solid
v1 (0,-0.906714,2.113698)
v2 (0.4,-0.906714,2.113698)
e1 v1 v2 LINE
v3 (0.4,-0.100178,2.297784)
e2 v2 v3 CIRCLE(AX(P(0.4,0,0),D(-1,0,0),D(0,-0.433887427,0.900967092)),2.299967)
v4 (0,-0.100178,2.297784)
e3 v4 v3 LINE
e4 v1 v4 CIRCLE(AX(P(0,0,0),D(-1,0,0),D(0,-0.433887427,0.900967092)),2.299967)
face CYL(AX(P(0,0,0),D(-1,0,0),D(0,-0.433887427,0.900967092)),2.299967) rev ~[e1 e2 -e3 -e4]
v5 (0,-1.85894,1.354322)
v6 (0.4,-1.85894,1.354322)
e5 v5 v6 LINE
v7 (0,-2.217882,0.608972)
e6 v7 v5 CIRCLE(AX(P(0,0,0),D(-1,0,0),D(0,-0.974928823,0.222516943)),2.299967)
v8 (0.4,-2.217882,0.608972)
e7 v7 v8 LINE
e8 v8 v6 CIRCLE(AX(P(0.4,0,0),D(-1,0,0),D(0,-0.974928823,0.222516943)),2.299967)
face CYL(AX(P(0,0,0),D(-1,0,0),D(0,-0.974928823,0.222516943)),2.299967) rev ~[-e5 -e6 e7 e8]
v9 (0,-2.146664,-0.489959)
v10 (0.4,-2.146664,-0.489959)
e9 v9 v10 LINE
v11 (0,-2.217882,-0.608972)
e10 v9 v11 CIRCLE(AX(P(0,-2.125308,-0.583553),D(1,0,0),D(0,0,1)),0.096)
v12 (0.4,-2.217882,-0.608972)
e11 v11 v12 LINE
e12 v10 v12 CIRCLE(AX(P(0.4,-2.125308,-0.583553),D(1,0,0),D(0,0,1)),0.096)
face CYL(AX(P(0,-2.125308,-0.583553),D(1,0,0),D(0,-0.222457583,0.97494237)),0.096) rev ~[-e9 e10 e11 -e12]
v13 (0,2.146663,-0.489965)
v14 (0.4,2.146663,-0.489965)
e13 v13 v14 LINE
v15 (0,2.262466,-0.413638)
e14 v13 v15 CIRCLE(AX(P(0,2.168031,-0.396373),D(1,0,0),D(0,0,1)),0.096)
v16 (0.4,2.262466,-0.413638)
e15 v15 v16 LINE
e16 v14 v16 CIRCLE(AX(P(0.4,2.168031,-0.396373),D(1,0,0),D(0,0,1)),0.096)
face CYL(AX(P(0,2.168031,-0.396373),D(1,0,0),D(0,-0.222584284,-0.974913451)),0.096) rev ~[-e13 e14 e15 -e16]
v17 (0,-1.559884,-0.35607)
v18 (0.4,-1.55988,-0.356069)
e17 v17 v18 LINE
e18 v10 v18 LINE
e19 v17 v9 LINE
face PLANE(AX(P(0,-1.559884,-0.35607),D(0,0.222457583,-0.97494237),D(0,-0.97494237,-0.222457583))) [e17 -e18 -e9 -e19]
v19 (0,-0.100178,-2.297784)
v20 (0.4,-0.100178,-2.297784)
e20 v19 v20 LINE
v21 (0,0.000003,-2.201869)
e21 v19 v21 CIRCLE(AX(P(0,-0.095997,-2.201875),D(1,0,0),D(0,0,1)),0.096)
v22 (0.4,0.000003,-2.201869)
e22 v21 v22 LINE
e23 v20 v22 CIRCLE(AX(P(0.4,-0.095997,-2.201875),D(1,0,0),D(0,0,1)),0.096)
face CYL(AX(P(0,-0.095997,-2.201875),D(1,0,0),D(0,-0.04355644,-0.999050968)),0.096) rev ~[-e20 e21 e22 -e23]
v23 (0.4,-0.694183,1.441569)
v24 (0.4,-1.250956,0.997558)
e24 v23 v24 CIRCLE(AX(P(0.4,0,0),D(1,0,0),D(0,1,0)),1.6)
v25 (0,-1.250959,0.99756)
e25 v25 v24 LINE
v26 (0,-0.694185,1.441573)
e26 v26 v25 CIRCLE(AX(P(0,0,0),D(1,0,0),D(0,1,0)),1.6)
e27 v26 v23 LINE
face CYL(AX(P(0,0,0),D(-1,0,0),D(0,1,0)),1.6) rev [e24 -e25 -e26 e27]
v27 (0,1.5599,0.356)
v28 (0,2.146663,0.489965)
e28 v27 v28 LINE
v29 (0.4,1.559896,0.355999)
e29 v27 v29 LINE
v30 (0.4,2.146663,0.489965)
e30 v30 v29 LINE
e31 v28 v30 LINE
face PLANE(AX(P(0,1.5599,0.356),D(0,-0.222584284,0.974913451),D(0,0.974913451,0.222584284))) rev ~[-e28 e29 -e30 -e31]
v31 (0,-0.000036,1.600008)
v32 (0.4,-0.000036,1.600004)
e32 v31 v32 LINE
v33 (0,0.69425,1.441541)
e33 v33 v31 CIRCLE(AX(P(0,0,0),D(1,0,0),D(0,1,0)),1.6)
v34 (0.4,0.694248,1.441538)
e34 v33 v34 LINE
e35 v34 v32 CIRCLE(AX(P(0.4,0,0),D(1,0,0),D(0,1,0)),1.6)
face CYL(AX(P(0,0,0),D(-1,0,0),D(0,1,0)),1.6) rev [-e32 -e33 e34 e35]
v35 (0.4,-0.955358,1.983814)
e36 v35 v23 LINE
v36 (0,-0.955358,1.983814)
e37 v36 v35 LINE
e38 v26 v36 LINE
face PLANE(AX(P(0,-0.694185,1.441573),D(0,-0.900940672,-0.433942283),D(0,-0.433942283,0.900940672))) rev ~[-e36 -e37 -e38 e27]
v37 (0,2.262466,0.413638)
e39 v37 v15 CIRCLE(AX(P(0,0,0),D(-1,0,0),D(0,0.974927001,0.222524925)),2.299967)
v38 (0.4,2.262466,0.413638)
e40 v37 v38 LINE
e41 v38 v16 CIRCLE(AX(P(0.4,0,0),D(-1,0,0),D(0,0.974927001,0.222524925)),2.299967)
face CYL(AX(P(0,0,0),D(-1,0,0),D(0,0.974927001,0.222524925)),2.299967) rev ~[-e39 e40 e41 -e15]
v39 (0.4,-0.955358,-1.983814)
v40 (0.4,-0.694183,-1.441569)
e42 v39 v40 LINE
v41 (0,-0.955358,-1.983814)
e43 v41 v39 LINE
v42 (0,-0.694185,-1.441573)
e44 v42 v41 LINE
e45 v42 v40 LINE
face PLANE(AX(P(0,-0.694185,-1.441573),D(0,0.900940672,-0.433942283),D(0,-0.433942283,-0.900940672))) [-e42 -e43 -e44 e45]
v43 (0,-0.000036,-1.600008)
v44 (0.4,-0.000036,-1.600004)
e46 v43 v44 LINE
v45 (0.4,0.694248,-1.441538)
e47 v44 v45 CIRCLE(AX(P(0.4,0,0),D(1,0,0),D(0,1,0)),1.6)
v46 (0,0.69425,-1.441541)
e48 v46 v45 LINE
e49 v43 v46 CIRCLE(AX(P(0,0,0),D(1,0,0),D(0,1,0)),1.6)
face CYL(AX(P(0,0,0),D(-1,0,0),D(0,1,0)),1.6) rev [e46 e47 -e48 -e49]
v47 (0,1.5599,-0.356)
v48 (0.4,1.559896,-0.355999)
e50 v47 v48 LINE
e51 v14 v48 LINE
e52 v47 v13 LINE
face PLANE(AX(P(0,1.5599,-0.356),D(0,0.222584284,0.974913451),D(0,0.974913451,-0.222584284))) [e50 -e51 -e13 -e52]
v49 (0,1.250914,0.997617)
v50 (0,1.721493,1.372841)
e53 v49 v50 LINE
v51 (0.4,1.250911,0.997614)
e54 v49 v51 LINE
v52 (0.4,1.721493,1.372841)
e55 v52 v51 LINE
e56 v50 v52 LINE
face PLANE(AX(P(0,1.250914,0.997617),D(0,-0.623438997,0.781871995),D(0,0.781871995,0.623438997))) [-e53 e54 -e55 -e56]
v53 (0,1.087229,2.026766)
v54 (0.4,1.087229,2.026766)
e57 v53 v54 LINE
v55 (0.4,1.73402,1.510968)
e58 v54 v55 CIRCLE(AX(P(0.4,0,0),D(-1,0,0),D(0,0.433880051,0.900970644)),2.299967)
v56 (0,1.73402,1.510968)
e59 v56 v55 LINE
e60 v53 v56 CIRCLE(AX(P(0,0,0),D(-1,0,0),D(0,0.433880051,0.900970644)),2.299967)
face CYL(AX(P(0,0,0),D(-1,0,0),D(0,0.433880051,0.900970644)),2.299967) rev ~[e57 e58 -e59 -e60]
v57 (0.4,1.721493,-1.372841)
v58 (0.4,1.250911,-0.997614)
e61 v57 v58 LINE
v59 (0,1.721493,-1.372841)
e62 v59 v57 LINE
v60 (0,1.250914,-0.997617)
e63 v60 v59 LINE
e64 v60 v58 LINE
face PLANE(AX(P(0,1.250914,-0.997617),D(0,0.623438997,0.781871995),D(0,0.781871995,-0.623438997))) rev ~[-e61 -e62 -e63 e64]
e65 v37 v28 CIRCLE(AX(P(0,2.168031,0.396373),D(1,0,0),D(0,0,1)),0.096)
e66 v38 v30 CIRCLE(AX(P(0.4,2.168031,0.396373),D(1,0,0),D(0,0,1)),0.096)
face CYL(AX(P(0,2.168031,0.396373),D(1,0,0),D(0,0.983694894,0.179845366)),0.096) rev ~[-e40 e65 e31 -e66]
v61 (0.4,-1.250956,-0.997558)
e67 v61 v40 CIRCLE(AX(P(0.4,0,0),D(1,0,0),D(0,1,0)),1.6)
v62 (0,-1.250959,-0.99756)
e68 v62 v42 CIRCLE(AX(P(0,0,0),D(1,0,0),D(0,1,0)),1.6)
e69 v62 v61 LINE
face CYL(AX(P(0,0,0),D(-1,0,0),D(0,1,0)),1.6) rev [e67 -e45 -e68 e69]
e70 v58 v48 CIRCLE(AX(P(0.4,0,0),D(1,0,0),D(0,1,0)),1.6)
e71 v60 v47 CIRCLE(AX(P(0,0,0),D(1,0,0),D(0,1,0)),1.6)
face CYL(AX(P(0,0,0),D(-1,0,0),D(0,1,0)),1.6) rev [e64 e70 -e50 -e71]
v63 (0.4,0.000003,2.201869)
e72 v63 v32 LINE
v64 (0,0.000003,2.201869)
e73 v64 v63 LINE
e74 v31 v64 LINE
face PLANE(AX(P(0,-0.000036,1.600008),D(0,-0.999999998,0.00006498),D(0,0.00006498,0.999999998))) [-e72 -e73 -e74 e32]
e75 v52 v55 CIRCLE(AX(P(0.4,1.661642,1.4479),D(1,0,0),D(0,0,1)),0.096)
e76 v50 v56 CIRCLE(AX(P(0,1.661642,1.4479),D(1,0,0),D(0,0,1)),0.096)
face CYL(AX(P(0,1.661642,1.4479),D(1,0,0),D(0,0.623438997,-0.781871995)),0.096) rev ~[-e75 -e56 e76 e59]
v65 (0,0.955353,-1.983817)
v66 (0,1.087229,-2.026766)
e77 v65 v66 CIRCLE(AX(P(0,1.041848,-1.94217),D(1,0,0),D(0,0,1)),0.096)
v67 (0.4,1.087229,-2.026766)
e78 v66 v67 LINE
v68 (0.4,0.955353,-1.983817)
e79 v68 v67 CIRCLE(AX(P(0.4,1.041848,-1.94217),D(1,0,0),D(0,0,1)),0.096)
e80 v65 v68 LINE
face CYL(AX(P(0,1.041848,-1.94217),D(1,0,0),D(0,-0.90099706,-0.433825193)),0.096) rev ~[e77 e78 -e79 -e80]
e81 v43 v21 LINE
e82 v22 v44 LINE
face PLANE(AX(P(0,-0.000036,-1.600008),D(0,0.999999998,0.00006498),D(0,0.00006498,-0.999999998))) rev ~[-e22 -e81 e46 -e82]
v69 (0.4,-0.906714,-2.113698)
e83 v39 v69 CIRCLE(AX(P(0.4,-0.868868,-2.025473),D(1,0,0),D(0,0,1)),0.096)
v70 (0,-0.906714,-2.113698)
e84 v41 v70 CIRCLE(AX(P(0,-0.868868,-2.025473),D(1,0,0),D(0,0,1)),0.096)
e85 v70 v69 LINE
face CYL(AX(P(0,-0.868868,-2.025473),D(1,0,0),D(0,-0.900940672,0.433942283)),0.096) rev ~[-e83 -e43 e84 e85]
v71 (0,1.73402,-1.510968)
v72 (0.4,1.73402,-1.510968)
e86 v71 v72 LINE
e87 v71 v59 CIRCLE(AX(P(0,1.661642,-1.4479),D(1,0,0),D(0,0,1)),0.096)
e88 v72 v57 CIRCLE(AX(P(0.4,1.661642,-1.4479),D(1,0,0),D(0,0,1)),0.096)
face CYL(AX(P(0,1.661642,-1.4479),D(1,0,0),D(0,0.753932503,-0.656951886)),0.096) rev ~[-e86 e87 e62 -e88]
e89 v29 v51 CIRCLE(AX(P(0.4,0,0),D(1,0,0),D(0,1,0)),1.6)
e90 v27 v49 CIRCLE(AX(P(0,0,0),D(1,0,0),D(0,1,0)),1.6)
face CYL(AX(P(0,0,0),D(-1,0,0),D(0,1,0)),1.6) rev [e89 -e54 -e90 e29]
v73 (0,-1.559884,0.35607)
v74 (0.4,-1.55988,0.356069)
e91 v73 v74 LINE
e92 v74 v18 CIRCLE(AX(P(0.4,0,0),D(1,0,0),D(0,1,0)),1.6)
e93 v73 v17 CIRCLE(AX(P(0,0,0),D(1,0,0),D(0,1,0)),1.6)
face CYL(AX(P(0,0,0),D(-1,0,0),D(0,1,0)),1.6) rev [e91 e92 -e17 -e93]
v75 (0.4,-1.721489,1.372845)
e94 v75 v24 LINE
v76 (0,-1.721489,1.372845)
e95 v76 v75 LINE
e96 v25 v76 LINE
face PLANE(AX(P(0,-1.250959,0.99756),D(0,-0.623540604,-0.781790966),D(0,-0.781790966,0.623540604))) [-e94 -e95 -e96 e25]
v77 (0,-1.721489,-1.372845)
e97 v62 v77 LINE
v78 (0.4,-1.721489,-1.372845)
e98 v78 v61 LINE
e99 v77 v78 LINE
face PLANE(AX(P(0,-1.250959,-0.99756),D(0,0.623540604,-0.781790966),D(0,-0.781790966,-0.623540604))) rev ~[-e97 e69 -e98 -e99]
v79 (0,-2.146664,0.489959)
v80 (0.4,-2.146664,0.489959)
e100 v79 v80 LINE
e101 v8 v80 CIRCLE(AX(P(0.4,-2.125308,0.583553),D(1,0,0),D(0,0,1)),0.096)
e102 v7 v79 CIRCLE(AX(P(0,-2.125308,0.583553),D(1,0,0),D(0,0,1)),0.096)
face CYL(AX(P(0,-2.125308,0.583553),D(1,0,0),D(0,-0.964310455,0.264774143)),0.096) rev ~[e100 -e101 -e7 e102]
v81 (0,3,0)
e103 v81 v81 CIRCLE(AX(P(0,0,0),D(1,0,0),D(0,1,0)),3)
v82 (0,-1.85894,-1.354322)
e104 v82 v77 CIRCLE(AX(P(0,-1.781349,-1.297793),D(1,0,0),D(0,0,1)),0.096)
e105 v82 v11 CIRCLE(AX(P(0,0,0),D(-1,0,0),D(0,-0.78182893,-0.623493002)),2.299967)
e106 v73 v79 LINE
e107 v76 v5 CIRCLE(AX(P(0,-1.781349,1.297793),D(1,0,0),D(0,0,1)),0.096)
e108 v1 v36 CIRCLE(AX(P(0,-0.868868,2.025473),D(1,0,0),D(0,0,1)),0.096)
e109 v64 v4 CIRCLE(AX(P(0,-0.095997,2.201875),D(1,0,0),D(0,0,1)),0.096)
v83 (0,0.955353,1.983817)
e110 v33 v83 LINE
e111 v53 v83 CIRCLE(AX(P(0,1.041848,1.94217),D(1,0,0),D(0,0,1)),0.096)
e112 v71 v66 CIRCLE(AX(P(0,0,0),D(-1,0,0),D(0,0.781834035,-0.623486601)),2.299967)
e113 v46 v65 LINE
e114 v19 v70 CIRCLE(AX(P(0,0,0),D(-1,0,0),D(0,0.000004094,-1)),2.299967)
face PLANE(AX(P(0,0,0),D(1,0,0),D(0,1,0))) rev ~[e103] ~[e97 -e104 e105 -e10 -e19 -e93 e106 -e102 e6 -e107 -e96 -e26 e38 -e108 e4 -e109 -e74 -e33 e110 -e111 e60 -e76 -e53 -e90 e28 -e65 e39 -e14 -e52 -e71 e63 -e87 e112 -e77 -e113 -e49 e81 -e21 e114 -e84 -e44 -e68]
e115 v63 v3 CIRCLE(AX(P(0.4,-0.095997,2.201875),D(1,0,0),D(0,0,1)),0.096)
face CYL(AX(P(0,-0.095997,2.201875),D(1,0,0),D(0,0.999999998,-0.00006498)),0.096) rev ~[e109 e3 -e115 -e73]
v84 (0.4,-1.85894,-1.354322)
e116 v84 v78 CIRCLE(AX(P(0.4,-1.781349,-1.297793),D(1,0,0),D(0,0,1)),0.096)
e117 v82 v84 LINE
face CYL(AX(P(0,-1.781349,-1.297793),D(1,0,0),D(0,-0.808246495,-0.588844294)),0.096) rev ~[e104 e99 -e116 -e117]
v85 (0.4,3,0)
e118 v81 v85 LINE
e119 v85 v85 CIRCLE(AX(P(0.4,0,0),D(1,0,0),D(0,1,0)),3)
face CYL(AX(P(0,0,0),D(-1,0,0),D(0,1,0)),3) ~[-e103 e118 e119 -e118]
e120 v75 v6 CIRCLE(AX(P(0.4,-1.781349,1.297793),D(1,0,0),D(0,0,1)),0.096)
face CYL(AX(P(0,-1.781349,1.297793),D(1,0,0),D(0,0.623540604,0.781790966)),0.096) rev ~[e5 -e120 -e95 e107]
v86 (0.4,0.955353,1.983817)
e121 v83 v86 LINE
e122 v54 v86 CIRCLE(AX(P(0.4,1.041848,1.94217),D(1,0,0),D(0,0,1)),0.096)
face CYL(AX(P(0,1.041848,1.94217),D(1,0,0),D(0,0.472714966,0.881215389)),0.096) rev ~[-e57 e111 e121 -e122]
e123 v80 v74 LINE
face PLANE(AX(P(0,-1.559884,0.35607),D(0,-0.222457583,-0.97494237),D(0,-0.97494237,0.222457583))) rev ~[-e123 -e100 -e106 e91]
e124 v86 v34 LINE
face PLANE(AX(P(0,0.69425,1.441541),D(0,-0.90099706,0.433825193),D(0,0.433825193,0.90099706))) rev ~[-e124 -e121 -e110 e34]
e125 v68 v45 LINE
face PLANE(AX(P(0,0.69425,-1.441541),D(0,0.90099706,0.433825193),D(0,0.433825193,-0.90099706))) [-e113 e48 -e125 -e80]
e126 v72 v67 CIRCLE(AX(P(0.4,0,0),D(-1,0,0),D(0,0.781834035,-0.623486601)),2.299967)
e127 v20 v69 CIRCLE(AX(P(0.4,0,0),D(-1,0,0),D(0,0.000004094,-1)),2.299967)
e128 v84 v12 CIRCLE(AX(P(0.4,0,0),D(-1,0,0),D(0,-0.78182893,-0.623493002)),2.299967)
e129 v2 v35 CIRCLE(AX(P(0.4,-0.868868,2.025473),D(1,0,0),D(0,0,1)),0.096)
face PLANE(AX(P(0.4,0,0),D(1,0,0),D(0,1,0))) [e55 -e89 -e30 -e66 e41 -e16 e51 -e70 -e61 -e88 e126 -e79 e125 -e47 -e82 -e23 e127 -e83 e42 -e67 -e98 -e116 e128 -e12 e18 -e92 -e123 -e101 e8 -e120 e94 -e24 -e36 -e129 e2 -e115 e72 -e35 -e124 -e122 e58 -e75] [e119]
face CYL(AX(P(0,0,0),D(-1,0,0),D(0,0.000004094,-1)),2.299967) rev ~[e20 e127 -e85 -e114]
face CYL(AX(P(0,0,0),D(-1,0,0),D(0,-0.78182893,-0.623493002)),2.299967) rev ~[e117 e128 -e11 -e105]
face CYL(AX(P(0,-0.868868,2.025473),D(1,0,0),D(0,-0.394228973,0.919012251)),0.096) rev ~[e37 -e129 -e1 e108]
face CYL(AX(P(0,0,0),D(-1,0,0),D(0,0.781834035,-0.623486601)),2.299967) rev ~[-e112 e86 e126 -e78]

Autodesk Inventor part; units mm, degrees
ref_plane "YZ Plane" through (0, 0, 0) normal (1, 0, 0) x (0, 1, 0)
ref_plane "XZ Plane" through (0, 0, 0) normal (0, 1, 0) x (-1, 0, 0)
sketch "Sketch1" plane through (0, 0, 0) normal (1, 0, 0) x (0, 1, 0)
  circle A0 centre (0, 0) radius 3
  circle A1 centre (0, 0) radius 1.6
  dimension "d0" = 3.2
  dimension "d1" = 6
extrude "Body" add sketch "Sketch1" along normal blind 0.4
sketch "Sketch2" plane through (0, 0, 0) normal (-1, 0, 0) x (0, 0, 1)
  circle A0 centre (0, 0) radius 1.6 projected
  arc A1 (0.5118, 2.2423) -> (-0.5118, 2.2423) centre (0, 0) ccw
  line L0 (-0.356, 1.5599) -> (-0.5118, 2.2423)
  line L1 (-0.356, 1.5599) -> (0, 0) construction
  line L2 (0, 2.3) -> (0, 0) construction
  line L3 (0.356, 1.5599) -> (0.5118, 2.2423)
  line L4 (0.356, 1.5599) -> (0, 0) construction
  dimension "d6" = 4.6
  dimension "d7" = 12.857
extrude "Cut" cut sketch "Sketch2" along normal through all both and the other way through all contours A0 L0 A1 L3
fillet "Fillet1" radius 0.096 2 edges at (0.2, 2.2423, 0.5118) (0.2, 2.2423, -0.5118)
pattern_circular "Cuts" count 7 over 360 about axis through (-10, 0, 0) along (1, 0, 0) of "Cut", "Fillet1"
ref_plane "Work Plane1" through (0, 0, 0) normal (0, 1, 0) x (1, 0, 0)
equation "\"d0\" = SD1"
equation "\"d1\" = SD2"
equation "\"d2\" = SD"
equation "\"d6\" = 0.5 * SD2 + 0.5 * SD1"
equation "\"d8\" = SD"
equation "\"d10\" = 0.03 * SD1"
equation "\"SD1\" = 3.2"
equation "\"SD2\" = 6"
equation "\"SD\" = 0.4"
equation "\"NND\" = 3"
properties part number "DIN 6798 - J 3.2" material "Steel, Mild"
